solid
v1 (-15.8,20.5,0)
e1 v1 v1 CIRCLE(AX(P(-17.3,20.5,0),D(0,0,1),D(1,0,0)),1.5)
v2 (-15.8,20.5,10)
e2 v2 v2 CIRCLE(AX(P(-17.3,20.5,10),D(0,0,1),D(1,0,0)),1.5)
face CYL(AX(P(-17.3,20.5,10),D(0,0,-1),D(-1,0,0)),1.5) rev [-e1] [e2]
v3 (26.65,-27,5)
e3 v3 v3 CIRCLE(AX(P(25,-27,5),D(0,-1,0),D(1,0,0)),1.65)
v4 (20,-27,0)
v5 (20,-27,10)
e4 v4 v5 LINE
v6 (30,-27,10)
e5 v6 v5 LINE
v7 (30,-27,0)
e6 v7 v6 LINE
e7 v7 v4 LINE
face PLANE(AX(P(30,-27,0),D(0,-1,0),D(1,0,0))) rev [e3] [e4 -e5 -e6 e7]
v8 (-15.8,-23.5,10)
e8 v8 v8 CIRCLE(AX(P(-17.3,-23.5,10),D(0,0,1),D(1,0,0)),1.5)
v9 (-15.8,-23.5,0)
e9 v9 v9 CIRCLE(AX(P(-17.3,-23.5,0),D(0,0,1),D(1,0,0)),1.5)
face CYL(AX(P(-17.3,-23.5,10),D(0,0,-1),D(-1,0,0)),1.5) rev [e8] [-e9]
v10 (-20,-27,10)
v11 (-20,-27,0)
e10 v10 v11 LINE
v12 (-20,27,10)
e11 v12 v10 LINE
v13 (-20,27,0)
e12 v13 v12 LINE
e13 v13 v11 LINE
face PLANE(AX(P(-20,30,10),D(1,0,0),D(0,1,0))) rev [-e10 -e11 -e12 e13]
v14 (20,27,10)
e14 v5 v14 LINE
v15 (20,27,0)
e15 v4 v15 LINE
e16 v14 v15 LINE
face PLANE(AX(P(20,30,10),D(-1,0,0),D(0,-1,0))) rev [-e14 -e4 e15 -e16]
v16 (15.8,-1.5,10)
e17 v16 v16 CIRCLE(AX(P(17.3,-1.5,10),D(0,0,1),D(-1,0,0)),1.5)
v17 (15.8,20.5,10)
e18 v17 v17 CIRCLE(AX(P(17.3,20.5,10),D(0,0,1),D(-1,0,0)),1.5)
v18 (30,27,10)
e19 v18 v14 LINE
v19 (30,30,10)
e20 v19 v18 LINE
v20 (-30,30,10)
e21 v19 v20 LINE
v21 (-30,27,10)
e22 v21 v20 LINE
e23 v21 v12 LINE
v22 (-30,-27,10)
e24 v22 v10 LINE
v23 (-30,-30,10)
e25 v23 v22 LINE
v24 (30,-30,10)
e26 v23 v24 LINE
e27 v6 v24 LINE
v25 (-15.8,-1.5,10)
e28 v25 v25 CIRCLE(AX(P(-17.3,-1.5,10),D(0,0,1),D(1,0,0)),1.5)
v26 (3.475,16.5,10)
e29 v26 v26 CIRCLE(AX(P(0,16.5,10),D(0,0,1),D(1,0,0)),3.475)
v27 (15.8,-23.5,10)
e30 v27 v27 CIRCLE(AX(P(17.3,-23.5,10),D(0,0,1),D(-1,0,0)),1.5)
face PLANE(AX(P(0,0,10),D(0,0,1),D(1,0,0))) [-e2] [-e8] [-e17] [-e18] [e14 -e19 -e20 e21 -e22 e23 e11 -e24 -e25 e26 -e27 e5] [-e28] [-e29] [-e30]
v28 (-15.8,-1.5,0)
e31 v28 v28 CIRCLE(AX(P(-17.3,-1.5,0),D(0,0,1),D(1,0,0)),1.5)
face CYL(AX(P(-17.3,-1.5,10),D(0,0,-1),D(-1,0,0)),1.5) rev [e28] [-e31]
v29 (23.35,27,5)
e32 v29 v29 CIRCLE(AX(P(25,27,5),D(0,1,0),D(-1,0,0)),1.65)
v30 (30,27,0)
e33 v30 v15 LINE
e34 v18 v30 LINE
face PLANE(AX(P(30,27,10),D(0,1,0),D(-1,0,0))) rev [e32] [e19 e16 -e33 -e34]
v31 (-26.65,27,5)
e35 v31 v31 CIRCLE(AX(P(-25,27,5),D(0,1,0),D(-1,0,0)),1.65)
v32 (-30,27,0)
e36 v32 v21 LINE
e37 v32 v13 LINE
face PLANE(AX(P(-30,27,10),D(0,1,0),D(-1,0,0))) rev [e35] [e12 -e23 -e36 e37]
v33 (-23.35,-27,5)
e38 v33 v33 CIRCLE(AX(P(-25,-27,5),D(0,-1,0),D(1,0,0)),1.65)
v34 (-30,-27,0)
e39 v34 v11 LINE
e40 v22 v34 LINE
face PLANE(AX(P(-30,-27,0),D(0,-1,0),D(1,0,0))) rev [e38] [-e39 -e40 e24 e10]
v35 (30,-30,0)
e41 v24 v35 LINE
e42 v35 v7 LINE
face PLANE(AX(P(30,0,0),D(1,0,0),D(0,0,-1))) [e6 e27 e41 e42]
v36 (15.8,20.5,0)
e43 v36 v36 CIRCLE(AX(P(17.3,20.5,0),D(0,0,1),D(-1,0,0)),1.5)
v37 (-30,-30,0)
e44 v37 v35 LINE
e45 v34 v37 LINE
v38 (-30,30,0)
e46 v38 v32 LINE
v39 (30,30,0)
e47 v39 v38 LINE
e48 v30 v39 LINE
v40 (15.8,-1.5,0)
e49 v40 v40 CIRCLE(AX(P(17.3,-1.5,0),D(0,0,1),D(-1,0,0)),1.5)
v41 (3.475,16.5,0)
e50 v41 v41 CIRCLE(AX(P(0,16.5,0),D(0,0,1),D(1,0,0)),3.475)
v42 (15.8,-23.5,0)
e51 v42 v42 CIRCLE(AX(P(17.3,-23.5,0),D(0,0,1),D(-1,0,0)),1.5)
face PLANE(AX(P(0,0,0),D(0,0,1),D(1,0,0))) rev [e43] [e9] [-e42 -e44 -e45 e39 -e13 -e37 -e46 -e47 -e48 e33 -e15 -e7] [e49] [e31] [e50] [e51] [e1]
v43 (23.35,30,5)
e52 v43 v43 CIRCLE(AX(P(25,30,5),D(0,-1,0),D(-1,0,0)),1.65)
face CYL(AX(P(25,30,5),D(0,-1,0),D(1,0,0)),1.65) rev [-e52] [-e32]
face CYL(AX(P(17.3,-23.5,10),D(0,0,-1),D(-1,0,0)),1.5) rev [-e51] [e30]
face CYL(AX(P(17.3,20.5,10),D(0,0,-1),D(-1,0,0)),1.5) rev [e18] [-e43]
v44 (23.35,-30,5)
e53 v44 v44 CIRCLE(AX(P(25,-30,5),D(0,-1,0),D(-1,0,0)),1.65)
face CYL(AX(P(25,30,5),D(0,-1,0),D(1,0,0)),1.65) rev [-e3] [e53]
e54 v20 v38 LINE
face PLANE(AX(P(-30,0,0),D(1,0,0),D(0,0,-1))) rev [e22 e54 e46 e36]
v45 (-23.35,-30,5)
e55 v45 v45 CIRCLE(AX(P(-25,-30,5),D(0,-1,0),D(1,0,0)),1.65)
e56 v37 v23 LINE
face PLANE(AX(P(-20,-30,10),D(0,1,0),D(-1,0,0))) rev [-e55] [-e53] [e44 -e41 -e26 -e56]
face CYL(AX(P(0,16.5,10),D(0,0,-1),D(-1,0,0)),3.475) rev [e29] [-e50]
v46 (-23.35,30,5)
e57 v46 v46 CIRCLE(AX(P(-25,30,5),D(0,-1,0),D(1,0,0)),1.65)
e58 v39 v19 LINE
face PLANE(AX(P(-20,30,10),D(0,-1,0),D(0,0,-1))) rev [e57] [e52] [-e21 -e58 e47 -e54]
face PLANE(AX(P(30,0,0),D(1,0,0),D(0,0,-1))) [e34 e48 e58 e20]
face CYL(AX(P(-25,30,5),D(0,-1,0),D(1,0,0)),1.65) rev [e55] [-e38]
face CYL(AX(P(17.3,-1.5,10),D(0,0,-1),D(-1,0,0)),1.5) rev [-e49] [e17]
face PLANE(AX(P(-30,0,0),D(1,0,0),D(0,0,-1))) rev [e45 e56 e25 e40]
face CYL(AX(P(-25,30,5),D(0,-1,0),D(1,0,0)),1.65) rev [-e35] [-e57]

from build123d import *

# Parameters (mm, degrees)
SKETCH1_W                    = 40
SKETCH1_H                    = 60
SKETCH1_R                    = 3.475
SKETCH1_R_2                  = 1.5
BOSS_EXTRUDE1_DEPTH          = 10
ESQUISSE1_W                  = 10
ESQUISSE1_H                  = 3
BOSS_EXTRU_1_DEPTH           = 10
ESQUISSE2_W                  = 10
ESQUISSE2_H                  = 3
BOSS_EXTRU_2_DEPTH           = 10
ENL_V_MAT_EXTRU_1_DEPTH      = 66.184353951
ENL_V_MAT_EXTRU_1_DEPTH_BACK = 66.184353951
ESQUISSE3_R                  = 1.65


with BuildPart() as part:
    # Sketch1 → Boss-Extrude1 (new body)
    with BuildSketch(Plane.XY):
        Rectangle(SKETCH1_W, SKETCH1_H)
        with Locations((0, 16.5)):
            Circle(SKETCH1_R, mode=Mode.SUBTRACT)
        with Locations((-17.3, -1.5)):
            Circle(SKETCH1_R_2, mode=Mode.SUBTRACT)
        with Locations((-17.3, 20.5)):
            Circle(SKETCH1_R_2, mode=Mode.SUBTRACT)
        with Locations(Location((17.3, -1.5, 0), (0, 0, 180))):
            Circle(SKETCH1_R_2, mode=Mode.SUBTRACT)
        with Locations(Location((17.3, 20.5, 0), (0, 0, 180))):
            Circle(SKETCH1_R_2, mode=Mode.SUBTRACT)
        with Locations((-17.3, -23.5)):
            Circle(SKETCH1_R_2, mode=Mode.SUBTRACT)
        with Locations(Location((17.3, -23.5, 0), (0, 0, 180))):
            Circle(SKETCH1_R_2, mode=Mode.SUBTRACT)
    extrude(amount=BOSS_EXTRUDE1_DEPTH)

    # Esquisse1 → Boss.-Extru.1 (add)
    with BuildSketch(Plane(origin=(20, 0, 0), x_dir=(0, 0, -1), z_dir=(1, 0, 0))):
        with Locations((-5, 28.5)):
            Rectangle(ESQUISSE1_W, ESQUISSE1_H)
        with Locations((-5, -28.5)):
            Rectangle(ESQUISSE1_W, ESQUISSE1_H)
    extrude(amount=BOSS_EXTRU_1_DEPTH)

    # Esquisse2 → Boss.-Extru.2 (add)
    with BuildSketch(Plane.ZY.offset(20)):
        with Locations((5, 28.5)):
            Rectangle(ESQUISSE2_W, ESQUISSE2_H)
        with Locations((5, -28.5)):
            Rectangle(ESQUISSE2_W, ESQUISSE2_H)
    extrude(amount=BOSS_EXTRU_2_DEPTH)

    # Esquisse3 → Enlèv. mat.-Extru.1 (cut, two sides: drawn at the far end of the back side and taken through both)
    with BuildSketch(Plane.XZ.offset(-27).offset(-ENL_V_MAT_EXTRU_1_DEPTH_BACK)):
        with Locations((-25, 5)):
            Circle(ESQUISSE3_R)
        with Locations((25, 5)):
            Circle(ESQUISSE3_R)
    extrude(amount=ENL_V_MAT_EXTRU_1_DEPTH + ENL_V_MAT_EXTRU_1_DEPTH_BACK, mode=Mode.SUBTRACT)


solid = part.part
